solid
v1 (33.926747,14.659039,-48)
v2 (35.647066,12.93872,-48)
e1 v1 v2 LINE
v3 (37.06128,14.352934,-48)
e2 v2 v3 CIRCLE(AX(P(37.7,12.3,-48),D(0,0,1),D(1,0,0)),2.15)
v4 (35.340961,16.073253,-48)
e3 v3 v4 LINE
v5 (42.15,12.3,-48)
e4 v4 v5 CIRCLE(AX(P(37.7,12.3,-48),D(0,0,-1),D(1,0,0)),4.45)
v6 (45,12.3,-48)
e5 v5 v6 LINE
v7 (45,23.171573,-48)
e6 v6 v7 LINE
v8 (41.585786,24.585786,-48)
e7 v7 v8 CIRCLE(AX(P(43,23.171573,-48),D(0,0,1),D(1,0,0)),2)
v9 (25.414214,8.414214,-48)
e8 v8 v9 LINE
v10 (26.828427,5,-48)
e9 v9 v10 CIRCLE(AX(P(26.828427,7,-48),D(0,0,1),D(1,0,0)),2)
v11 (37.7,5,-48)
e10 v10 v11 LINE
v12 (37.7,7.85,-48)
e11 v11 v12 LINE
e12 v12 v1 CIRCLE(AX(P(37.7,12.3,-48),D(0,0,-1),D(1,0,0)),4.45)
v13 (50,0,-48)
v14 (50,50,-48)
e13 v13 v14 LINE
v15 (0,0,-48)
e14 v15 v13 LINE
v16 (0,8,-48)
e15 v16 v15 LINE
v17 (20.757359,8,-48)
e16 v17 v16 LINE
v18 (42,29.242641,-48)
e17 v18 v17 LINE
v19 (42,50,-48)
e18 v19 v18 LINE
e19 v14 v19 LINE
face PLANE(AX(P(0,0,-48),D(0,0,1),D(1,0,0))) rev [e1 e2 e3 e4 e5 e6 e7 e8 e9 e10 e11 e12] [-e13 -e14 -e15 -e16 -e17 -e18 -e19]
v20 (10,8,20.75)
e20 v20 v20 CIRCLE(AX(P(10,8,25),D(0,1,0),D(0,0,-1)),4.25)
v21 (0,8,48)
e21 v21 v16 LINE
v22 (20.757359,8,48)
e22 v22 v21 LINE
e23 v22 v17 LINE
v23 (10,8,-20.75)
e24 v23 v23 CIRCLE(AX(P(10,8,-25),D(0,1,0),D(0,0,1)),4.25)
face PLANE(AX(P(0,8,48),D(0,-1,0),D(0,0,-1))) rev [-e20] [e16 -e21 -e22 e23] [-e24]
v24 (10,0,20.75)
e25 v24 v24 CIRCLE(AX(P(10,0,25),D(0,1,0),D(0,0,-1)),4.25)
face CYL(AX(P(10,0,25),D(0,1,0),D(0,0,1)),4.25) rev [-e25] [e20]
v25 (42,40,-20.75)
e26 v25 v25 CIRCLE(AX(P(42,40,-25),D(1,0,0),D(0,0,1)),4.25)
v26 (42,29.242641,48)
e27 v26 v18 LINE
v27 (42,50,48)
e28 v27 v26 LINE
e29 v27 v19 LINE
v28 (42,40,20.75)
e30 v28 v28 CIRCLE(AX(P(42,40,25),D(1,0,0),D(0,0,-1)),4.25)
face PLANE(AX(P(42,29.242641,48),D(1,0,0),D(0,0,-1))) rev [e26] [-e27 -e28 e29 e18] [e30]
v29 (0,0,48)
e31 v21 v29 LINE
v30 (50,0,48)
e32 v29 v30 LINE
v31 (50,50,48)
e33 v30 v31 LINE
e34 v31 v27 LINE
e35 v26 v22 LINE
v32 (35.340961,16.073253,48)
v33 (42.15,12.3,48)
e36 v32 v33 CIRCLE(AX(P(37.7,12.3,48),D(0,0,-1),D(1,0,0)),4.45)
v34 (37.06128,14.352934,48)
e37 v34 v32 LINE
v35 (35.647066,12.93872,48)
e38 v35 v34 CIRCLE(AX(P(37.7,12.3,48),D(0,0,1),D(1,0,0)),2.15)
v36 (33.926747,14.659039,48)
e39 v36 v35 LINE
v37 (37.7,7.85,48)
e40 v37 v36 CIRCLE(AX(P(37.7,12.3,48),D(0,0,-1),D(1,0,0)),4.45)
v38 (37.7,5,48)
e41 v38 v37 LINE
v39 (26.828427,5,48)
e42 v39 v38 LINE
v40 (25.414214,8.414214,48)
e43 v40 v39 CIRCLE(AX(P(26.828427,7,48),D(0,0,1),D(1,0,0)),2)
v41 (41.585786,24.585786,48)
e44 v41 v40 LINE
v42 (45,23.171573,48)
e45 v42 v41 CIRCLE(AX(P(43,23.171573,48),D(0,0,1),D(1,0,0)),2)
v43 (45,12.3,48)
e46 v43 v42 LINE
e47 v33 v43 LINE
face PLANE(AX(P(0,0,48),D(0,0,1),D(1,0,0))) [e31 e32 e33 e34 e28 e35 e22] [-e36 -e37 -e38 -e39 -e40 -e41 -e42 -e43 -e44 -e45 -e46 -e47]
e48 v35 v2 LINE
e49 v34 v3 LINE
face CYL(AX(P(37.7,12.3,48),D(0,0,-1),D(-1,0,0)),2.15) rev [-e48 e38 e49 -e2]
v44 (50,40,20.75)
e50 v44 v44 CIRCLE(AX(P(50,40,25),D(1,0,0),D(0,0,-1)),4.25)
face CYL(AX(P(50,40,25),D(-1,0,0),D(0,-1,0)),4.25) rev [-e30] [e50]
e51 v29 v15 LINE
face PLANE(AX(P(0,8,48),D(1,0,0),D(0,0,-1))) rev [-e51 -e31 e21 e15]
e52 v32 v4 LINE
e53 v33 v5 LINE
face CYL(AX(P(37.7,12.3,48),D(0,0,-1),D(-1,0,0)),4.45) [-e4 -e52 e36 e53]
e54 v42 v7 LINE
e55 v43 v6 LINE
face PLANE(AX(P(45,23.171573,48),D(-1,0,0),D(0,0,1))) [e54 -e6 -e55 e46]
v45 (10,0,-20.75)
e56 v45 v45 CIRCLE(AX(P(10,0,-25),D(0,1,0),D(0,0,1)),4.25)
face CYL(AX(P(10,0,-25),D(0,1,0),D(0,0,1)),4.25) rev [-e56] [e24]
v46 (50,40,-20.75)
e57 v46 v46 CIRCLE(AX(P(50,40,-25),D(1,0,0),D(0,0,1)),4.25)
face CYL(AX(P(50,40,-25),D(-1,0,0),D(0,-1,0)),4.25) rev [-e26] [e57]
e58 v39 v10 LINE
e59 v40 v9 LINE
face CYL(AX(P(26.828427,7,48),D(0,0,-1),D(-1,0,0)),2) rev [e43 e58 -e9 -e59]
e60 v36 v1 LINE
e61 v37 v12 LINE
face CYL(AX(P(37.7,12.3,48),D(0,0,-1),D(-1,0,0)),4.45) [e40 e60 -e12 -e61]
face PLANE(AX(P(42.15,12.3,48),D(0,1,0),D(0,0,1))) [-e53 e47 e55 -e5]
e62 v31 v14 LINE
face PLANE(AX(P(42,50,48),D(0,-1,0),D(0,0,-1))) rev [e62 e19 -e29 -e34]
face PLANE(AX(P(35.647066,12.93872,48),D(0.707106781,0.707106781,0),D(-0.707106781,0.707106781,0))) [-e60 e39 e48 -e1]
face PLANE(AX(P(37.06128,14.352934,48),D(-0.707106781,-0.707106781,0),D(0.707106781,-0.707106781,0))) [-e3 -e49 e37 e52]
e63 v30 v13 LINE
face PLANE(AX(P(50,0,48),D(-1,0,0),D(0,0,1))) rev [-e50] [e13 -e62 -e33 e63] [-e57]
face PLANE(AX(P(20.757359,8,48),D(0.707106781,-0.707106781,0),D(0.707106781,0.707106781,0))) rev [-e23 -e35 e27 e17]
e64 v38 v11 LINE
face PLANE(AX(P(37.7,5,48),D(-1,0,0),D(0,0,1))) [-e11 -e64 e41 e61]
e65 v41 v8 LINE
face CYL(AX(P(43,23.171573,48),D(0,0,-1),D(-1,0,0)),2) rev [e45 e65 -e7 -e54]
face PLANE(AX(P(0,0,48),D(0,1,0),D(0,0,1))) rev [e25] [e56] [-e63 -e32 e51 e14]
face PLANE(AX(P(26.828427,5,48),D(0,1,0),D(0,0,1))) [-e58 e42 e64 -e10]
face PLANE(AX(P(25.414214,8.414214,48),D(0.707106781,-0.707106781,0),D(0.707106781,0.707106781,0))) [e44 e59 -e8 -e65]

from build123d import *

# Parameters (mm, degrees)
EXTRUDE_1_DEPTH     = 48
SKETCH_3_R          = 4.25
CUT_EXTRUDE_1_DEPTH = 82.043198357


with BuildPart() as part:
    # 草图1 → 凸台-拉伸1 (new, symmetric)
    with BuildSketch(Plane.XY):
        Polygon((0, 0), (50, 0), (50, 50), (42, 50), (42, 29.242640687), (20.757359313, 8), (0, 8), align=None)
        with BuildLine():
            Line((37.061279898, 14.352933665), (35.340960992, 16.07325257))
            ThreePointArc((35.340960992, 16.07325257), (39.856939547, 16.192314452), (42.15, 12.3))
            Line((42.15, 12.3), (45, 12.3))
            Line((45, 12.3), (45, 23.171572875))
            ThreePointArc((45, 23.171572875), (43.765366865, 25.01933194), (41.585786438, 24.585786438))
            Line((41.585786438, 24.585786438), (25.414213562, 8.414213562))
            ThreePointArc((25.414213562, 8.414213562), (24.98066806, 6.234633135), (26.828427125, 5))
            Line((26.828427125, 5), (37.7, 5))
            Line((37.7, 5), (37.7, 7.85))
            ThreePointArc((37.7, 7.85), (33.807685548, 10.143060453), (33.92674743, 14.659039008))
            Line((33.92674743, 14.659039008), (35.647066335, 12.938720102))
            ThreePointArc((35.647066335, 12.938720102), (39.22027958, 10.77972042), (37.061279898, 14.352933665))
        make_face(mode=Mode.SUBTRACT)
    extrude(amount=EXTRUDE_1_DEPTH, both=True)

    # 草图3 → 切除-拉伸1 (cut, through all)
    with BuildSketch(Plane(origin=(0, 8, 0), x_dir=(1, 0, 0), z_dir=(0, 1, 0))):
        with Locations(Location((10, 25, 0), (0, 0, 270))):
            Circle(SKETCH_3_R)
        with Locations(Location((10, -25, 0), (0, 0, 90))):
            Circle(SKETCH_3_R)
    cut_extrude_1 = extrude(amount=-CUT_EXTRUDE_1_DEPTH, mode=Mode.SUBTRACT)

    # 镜向1: 切除-拉伸1 across plane
    add(cut_extrude_1.mirror(Plane(origin=(25, 25, 0), x_dir=(0, 0, 1), z_dir=(-0.7071067811865486, -0.7071067811865465, 0))), mode=Mode.SUBTRACT)


solid = part.part
